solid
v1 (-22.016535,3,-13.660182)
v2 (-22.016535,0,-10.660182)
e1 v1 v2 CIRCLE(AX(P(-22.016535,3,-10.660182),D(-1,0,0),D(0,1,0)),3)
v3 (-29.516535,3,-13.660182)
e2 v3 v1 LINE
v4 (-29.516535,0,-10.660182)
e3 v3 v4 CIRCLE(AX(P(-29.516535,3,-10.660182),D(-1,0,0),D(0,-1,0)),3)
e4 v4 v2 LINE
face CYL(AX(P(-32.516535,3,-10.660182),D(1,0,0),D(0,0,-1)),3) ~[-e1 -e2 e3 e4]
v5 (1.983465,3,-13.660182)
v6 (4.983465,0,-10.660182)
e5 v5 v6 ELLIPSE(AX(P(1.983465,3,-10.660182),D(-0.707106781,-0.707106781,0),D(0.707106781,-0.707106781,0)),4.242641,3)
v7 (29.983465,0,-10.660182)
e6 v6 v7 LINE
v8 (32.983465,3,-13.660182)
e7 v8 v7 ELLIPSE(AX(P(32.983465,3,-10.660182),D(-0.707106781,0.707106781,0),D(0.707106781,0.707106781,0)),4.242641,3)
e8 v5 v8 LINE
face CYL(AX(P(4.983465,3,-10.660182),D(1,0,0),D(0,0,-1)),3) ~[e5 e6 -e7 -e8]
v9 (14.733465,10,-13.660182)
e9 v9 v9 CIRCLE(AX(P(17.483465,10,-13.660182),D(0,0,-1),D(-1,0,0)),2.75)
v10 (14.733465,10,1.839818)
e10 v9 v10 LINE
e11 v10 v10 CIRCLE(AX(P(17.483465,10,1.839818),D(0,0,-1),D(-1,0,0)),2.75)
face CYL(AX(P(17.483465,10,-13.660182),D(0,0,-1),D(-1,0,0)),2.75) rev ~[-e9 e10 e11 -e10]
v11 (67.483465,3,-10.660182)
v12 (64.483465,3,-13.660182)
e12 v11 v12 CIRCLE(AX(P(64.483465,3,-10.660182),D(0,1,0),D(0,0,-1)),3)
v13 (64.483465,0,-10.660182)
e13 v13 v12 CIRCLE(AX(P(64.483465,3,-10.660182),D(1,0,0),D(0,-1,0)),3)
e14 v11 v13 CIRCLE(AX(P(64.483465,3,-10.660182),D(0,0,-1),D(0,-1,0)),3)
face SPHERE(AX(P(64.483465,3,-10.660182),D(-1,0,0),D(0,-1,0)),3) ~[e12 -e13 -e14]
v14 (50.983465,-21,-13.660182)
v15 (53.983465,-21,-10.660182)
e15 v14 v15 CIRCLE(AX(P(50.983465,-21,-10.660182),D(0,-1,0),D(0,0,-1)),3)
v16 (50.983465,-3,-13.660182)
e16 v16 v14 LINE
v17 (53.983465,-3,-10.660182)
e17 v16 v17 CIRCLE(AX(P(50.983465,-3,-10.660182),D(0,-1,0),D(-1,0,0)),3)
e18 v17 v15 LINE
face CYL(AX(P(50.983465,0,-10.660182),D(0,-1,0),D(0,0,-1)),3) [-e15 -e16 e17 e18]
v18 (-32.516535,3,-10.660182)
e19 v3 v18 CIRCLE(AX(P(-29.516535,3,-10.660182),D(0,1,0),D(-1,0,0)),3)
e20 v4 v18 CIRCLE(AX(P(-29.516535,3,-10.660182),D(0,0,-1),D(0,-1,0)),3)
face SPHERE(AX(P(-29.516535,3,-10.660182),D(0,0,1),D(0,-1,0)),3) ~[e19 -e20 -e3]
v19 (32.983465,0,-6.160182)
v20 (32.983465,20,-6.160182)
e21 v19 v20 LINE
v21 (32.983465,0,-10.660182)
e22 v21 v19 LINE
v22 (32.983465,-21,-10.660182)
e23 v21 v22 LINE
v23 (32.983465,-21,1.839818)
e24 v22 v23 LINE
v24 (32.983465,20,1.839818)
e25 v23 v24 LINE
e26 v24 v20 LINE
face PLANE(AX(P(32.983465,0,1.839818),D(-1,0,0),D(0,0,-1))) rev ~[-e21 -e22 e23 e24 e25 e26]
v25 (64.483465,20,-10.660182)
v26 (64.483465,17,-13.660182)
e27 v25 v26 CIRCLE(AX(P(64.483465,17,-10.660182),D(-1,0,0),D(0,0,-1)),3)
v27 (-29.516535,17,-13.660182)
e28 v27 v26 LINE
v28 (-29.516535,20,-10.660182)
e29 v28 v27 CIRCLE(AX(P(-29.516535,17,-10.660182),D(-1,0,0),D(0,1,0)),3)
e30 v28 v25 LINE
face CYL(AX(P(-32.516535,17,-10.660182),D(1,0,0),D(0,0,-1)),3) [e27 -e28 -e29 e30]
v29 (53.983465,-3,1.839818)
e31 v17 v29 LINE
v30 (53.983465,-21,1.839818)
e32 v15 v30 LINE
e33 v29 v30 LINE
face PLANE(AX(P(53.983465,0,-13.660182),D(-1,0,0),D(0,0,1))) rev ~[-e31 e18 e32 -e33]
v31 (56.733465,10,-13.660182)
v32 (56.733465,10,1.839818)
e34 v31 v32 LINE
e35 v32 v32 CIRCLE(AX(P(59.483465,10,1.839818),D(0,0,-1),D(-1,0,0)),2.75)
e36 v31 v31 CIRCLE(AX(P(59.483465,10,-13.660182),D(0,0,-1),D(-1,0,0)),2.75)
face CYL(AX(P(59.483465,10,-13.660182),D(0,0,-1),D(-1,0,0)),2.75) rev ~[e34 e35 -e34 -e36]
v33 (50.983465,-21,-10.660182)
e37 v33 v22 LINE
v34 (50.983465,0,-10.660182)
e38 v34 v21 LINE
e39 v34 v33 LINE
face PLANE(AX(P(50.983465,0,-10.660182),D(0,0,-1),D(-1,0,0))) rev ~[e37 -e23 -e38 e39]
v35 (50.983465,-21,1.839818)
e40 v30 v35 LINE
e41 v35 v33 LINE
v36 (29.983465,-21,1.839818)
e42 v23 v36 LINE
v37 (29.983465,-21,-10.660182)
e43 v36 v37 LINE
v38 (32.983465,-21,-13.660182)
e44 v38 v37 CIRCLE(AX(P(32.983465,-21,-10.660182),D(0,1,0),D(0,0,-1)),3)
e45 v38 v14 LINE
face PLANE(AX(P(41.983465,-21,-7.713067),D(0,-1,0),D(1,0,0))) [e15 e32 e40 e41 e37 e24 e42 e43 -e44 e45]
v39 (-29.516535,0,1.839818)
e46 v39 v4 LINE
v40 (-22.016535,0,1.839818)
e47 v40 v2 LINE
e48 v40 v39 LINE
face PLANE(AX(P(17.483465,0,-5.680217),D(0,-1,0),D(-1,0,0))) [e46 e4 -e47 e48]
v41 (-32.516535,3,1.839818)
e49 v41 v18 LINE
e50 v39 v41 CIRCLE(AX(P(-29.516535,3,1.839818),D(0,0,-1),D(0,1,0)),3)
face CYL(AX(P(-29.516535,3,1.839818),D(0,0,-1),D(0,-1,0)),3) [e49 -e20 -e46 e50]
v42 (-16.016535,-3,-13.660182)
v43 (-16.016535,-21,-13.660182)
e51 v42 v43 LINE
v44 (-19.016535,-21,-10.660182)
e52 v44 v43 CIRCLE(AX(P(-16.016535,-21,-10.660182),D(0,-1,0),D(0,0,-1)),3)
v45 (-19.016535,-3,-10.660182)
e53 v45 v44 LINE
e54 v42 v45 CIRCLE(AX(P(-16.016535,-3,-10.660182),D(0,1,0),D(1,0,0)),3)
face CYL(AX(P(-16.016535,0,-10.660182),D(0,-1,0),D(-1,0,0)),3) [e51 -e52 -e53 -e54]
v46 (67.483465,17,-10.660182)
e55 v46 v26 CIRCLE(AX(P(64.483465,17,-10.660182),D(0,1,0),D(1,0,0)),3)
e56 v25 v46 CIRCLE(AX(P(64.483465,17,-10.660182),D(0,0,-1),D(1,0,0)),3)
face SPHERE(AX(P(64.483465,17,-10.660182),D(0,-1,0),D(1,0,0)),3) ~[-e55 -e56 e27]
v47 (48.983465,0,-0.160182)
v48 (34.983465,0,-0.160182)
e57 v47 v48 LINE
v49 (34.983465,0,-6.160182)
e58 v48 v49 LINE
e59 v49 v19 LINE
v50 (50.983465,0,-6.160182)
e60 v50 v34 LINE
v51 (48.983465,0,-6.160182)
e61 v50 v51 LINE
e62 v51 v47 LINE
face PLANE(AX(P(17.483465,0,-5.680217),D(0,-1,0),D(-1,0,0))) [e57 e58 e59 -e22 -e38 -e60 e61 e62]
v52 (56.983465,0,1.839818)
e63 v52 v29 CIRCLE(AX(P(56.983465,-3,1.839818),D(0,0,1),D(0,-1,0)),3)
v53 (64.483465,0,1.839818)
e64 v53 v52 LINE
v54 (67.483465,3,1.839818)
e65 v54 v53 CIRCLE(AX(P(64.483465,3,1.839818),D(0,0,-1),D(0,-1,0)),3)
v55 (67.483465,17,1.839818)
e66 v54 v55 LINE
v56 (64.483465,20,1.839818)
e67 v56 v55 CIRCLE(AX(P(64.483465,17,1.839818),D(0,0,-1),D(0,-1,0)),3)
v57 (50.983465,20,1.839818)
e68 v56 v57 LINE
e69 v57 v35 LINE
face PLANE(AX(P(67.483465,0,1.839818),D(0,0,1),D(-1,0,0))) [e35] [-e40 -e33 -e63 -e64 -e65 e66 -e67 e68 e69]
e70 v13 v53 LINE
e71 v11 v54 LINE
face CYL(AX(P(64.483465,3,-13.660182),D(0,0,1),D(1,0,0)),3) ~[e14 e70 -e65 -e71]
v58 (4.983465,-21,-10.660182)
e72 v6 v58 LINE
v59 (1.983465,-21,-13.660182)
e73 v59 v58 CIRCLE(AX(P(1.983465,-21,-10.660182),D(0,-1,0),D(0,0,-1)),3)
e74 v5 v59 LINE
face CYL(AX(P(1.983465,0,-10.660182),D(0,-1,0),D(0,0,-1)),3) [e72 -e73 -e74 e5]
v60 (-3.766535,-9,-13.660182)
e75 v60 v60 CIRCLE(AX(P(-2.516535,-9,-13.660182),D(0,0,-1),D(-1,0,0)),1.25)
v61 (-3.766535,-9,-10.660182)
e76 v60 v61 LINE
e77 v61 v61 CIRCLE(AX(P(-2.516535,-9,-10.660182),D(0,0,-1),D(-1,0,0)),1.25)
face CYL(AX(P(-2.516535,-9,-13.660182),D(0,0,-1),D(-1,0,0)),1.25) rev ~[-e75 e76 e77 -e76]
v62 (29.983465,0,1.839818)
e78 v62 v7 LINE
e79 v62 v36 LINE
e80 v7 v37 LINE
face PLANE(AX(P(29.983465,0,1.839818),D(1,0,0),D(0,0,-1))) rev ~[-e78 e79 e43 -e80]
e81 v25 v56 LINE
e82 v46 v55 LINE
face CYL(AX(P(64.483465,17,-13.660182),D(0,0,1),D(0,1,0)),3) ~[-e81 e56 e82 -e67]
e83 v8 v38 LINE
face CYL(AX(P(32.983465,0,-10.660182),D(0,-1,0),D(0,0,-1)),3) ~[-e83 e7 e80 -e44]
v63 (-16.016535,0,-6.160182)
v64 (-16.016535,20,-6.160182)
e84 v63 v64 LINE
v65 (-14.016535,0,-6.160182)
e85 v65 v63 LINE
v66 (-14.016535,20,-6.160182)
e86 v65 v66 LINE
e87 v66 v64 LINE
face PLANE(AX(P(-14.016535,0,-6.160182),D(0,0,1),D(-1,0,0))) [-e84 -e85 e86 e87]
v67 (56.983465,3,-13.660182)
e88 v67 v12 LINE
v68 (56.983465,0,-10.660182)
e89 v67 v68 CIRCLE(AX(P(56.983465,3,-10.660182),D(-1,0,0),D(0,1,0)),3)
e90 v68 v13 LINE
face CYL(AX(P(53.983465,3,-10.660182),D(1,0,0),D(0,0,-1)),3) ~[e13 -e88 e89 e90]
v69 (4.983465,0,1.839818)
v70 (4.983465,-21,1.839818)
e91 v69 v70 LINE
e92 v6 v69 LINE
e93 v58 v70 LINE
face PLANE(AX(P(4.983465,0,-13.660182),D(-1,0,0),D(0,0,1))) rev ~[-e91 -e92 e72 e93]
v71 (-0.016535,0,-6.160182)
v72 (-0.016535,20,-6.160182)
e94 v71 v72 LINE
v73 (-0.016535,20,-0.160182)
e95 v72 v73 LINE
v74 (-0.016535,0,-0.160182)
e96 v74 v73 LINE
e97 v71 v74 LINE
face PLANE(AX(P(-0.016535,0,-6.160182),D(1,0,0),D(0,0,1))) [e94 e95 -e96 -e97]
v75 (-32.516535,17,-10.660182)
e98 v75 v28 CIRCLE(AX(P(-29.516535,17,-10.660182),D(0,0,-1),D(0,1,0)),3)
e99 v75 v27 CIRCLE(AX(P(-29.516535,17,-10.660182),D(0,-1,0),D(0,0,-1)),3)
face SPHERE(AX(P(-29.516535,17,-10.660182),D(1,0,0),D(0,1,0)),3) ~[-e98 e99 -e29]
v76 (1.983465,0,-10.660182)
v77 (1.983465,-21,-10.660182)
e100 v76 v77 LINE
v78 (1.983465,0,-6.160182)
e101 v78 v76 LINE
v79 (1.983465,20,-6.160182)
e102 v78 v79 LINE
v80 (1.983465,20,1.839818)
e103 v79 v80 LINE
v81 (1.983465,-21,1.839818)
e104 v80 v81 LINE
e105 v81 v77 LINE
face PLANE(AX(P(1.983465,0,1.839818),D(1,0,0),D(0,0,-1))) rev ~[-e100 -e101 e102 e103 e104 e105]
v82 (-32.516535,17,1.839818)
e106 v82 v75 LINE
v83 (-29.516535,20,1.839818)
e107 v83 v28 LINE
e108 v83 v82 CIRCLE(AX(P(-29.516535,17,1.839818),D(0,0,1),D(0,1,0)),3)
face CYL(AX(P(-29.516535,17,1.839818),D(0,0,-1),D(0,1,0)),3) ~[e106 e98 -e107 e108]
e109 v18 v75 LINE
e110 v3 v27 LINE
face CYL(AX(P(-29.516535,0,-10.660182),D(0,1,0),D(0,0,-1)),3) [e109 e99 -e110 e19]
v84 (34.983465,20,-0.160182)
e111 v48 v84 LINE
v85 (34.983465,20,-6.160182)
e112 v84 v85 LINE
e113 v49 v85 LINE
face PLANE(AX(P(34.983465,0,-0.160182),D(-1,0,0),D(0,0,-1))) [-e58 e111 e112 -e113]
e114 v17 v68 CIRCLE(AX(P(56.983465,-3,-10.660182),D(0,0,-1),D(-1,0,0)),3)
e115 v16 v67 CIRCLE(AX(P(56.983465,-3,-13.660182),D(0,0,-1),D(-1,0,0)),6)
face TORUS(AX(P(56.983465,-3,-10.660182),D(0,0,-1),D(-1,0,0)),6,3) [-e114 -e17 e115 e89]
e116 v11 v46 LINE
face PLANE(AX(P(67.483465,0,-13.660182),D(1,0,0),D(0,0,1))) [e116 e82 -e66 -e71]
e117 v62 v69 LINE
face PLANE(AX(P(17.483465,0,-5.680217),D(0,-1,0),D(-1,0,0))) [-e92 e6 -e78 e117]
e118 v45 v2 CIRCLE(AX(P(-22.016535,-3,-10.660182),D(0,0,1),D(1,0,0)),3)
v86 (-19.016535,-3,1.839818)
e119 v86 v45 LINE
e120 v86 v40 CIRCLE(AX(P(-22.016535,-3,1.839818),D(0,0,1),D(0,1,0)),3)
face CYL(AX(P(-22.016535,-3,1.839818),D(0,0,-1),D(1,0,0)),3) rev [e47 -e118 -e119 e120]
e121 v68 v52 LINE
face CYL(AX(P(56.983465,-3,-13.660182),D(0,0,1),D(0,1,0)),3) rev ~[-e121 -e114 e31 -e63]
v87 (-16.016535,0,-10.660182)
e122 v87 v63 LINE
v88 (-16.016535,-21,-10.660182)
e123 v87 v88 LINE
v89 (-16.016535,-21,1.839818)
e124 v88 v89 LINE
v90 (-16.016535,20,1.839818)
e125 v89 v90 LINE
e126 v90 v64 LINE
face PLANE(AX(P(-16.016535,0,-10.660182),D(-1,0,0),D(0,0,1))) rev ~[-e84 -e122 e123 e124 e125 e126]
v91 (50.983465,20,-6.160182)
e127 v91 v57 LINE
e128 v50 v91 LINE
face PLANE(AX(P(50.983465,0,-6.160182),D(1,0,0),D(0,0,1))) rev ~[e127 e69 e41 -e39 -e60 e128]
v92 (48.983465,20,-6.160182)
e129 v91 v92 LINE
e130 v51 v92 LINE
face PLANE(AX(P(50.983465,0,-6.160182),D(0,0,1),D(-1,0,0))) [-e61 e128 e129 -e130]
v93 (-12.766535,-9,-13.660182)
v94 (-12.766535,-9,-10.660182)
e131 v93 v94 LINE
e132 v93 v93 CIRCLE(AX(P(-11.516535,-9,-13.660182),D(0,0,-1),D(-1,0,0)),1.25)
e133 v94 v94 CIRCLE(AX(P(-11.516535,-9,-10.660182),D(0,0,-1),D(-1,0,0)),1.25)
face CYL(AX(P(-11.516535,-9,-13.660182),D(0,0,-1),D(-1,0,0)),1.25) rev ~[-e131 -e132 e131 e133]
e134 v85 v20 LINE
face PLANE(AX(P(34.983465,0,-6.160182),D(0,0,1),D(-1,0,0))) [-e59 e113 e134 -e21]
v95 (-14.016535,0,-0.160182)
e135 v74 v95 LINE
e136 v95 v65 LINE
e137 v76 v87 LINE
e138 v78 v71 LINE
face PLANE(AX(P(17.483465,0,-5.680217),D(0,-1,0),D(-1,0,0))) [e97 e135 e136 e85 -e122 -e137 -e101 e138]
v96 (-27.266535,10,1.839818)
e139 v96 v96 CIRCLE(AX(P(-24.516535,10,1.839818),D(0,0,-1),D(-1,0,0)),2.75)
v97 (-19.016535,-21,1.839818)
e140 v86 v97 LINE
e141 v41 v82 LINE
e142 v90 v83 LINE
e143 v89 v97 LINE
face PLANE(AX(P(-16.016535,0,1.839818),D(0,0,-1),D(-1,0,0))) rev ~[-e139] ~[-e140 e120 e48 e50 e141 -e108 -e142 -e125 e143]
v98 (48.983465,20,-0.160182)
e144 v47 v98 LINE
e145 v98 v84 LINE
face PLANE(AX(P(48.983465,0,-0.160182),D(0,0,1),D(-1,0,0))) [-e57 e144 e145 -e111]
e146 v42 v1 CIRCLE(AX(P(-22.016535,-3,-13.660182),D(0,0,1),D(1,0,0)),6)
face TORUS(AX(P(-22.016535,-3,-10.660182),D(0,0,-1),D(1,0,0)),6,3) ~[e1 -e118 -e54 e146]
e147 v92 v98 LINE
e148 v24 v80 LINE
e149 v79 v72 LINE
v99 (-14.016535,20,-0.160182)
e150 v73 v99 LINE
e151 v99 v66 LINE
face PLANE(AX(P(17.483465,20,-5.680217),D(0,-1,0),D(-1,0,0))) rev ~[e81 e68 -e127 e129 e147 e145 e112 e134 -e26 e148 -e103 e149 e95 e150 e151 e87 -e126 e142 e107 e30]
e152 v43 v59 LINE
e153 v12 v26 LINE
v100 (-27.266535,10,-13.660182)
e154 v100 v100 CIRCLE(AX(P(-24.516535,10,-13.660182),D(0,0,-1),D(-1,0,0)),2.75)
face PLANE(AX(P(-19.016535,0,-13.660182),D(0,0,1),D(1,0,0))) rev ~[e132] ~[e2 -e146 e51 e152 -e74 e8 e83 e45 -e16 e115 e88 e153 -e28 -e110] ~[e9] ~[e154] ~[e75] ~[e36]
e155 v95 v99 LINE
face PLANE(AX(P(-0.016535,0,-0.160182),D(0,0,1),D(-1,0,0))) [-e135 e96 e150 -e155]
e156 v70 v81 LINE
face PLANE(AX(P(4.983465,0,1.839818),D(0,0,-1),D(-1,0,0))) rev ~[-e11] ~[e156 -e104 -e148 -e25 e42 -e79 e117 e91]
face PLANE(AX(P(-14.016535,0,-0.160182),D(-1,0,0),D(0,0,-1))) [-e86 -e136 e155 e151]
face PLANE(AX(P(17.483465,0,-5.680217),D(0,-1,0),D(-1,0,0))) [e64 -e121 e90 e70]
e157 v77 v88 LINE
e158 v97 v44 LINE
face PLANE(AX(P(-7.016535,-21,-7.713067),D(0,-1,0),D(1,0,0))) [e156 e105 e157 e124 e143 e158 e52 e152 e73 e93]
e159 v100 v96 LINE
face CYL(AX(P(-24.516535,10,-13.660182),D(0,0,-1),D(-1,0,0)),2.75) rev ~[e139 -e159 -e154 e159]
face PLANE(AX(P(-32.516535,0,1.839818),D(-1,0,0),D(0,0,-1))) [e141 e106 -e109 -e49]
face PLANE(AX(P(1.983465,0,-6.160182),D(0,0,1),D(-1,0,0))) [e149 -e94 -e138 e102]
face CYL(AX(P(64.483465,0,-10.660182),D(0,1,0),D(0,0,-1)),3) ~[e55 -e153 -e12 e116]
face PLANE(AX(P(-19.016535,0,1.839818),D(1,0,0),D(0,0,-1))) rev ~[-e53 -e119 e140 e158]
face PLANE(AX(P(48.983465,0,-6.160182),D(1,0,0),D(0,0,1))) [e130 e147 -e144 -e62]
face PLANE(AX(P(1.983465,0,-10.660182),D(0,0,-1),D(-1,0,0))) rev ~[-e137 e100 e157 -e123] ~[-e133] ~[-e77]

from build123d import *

# Parameters (mm, degrees)
BOSS_EXTRUDE1_DEPTH = 20
EXTRUDE_THIN3_DEPTH = 21
SKETCH3_R           = 2.75
CUT_EXTRUDE1_DEPTH  = 73.35515227
FILLET2_R           = 3
SKETCH4_R           = 1.25
CUT_EXTRUDE2_DEPTH  = 10


with BuildPart() as part:
    # Sketch1 → Boss-Extrude1 (new body)
    with BuildSketch(Plane(origin=(0, 0, 0), x_dir=(1, 0, 0), z_dir=(0, 1, 0))):
        Polygon((-32.516534914, -1.83981797), (-32.516534914, 13.66018203), (67.483465086, 13.66018203), (67.483465086, -1.83981797), (50.983465086, -1.83981797), (50.983465086, 1.63642231), (50.983465086, 6.16018203), (48.983465086, 6.16018203), (48.983465086, 0.16018203), (34.983465086, 0.16018203), (34.983465086, 6.16018203), (32.983465086, 6.16018203), (32.983465086, 1.63642231), (32.983465086, -1.83981797), (1.983465086, -1.83981797), (1.983465086, 1.63642231), (1.983465086, 6.16018203), (-0.016534914, 6.16018203), (-0.016534914, 0.16018203), (-14.016534914, 0.16018203), (-14.016534914, 6.16018203), (-16.016534914, 6.16018203), (-16.016534914, 1.63642231), (-16.016534914, -1.83981797), align=None)
    extrude(amount=BOSS_EXTRUDE1_DEPTH)

    # Sketch2 → Extrude-Thin3 (add)
    with BuildSketch(Plane.XZ):
        Polygon((-19.016534914, 1.83981797), (-19.016534914, -13.66018203), (4.983465086, -13.66018203), (4.983465086, 1.83981797), (1.983465086, 1.83981797), (1.983465086, -10.66018203), (-16.016534914, -10.66018203), (-16.016534914, 1.83981797), align=None)
        Polygon((50.983465086, 1.83981797), (50.983465086, -10.66018203), (32.983465086, -10.66018203), (32.983465086, 1.83981797), (29.983465086, 1.83981797), (29.983465086, -13.66018203), (53.983465086, -13.66018203), (53.983465086, 1.83981797), align=None)
    extrude(amount=EXTRUDE_THIN3_DEPTH)

    # Sketch3 → Cut-Extrude1 (cut, through all)
    with BuildSketch(Plane(origin=(0, 0, -13.66018203), x_dir=(-1, 0, 0), z_dir=(0, 0, -1))):
        with Locations((24.516534914, 10)):
            Circle(SKETCH3_R)
        with Locations((-59.483465086, 10)):
            Circle(SKETCH3_R)
        with Locations((-17.483465086, 10)):
            Circle(SKETCH3_R)
    extrude(amount=-CUT_EXTRUDE1_DEPTH, mode=Mode.SUBTRACT)

    # Fillet2
    fillet2_edges = [part.edges().sort_by_distance(p)[0] for p in [
        (17.483465086, 0, -13.66018203),
        (29.983465086, -10.5, -13.66018203),
        (53.983465086, -10.5, -13.66018203),
        (60.733465086, 0, -13.66018203),
        (67.483465086, 0, -5.91018203),
        (67.483465086, 10, -13.66018203),
        (67.483465086, 20, -5.91018203),
        (17.483465086, 20, -13.66018203),
        (-32.516534914, 20, -5.91018203),
        (-32.516534914, 0, -5.91018203),
        (-19.016534914, 0, -5.91018203),
        (4.983465086, -10.5, -13.66018203),
        (-19.016534914, -10.5, -13.66018203),
        (-25.766534914, 0, -13.66018203),
        (-32.516534914, 10, -13.66018203),
        (53.983465086, 0, -5.91018203),
    ]]
    fillet(fillet2_edges, radius=FILLET2_R)

    # Sketch4 → Cut-Extrude2 (cut)
    with BuildSketch(Plane(origin=(0, 0, -13.66018203), x_dir=(-1, 0, 0), z_dir=(0, 0, -1))):
        with Locations((2.516534914, -9)):
            Circle(SKETCH4_R)
        with Locations((11.516534914, -9)):
            Circle(SKETCH4_R)
    extrude(amount=-CUT_EXTRUDE2_DEPTH, mode=Mode.SUBTRACT)


solid = part.part
